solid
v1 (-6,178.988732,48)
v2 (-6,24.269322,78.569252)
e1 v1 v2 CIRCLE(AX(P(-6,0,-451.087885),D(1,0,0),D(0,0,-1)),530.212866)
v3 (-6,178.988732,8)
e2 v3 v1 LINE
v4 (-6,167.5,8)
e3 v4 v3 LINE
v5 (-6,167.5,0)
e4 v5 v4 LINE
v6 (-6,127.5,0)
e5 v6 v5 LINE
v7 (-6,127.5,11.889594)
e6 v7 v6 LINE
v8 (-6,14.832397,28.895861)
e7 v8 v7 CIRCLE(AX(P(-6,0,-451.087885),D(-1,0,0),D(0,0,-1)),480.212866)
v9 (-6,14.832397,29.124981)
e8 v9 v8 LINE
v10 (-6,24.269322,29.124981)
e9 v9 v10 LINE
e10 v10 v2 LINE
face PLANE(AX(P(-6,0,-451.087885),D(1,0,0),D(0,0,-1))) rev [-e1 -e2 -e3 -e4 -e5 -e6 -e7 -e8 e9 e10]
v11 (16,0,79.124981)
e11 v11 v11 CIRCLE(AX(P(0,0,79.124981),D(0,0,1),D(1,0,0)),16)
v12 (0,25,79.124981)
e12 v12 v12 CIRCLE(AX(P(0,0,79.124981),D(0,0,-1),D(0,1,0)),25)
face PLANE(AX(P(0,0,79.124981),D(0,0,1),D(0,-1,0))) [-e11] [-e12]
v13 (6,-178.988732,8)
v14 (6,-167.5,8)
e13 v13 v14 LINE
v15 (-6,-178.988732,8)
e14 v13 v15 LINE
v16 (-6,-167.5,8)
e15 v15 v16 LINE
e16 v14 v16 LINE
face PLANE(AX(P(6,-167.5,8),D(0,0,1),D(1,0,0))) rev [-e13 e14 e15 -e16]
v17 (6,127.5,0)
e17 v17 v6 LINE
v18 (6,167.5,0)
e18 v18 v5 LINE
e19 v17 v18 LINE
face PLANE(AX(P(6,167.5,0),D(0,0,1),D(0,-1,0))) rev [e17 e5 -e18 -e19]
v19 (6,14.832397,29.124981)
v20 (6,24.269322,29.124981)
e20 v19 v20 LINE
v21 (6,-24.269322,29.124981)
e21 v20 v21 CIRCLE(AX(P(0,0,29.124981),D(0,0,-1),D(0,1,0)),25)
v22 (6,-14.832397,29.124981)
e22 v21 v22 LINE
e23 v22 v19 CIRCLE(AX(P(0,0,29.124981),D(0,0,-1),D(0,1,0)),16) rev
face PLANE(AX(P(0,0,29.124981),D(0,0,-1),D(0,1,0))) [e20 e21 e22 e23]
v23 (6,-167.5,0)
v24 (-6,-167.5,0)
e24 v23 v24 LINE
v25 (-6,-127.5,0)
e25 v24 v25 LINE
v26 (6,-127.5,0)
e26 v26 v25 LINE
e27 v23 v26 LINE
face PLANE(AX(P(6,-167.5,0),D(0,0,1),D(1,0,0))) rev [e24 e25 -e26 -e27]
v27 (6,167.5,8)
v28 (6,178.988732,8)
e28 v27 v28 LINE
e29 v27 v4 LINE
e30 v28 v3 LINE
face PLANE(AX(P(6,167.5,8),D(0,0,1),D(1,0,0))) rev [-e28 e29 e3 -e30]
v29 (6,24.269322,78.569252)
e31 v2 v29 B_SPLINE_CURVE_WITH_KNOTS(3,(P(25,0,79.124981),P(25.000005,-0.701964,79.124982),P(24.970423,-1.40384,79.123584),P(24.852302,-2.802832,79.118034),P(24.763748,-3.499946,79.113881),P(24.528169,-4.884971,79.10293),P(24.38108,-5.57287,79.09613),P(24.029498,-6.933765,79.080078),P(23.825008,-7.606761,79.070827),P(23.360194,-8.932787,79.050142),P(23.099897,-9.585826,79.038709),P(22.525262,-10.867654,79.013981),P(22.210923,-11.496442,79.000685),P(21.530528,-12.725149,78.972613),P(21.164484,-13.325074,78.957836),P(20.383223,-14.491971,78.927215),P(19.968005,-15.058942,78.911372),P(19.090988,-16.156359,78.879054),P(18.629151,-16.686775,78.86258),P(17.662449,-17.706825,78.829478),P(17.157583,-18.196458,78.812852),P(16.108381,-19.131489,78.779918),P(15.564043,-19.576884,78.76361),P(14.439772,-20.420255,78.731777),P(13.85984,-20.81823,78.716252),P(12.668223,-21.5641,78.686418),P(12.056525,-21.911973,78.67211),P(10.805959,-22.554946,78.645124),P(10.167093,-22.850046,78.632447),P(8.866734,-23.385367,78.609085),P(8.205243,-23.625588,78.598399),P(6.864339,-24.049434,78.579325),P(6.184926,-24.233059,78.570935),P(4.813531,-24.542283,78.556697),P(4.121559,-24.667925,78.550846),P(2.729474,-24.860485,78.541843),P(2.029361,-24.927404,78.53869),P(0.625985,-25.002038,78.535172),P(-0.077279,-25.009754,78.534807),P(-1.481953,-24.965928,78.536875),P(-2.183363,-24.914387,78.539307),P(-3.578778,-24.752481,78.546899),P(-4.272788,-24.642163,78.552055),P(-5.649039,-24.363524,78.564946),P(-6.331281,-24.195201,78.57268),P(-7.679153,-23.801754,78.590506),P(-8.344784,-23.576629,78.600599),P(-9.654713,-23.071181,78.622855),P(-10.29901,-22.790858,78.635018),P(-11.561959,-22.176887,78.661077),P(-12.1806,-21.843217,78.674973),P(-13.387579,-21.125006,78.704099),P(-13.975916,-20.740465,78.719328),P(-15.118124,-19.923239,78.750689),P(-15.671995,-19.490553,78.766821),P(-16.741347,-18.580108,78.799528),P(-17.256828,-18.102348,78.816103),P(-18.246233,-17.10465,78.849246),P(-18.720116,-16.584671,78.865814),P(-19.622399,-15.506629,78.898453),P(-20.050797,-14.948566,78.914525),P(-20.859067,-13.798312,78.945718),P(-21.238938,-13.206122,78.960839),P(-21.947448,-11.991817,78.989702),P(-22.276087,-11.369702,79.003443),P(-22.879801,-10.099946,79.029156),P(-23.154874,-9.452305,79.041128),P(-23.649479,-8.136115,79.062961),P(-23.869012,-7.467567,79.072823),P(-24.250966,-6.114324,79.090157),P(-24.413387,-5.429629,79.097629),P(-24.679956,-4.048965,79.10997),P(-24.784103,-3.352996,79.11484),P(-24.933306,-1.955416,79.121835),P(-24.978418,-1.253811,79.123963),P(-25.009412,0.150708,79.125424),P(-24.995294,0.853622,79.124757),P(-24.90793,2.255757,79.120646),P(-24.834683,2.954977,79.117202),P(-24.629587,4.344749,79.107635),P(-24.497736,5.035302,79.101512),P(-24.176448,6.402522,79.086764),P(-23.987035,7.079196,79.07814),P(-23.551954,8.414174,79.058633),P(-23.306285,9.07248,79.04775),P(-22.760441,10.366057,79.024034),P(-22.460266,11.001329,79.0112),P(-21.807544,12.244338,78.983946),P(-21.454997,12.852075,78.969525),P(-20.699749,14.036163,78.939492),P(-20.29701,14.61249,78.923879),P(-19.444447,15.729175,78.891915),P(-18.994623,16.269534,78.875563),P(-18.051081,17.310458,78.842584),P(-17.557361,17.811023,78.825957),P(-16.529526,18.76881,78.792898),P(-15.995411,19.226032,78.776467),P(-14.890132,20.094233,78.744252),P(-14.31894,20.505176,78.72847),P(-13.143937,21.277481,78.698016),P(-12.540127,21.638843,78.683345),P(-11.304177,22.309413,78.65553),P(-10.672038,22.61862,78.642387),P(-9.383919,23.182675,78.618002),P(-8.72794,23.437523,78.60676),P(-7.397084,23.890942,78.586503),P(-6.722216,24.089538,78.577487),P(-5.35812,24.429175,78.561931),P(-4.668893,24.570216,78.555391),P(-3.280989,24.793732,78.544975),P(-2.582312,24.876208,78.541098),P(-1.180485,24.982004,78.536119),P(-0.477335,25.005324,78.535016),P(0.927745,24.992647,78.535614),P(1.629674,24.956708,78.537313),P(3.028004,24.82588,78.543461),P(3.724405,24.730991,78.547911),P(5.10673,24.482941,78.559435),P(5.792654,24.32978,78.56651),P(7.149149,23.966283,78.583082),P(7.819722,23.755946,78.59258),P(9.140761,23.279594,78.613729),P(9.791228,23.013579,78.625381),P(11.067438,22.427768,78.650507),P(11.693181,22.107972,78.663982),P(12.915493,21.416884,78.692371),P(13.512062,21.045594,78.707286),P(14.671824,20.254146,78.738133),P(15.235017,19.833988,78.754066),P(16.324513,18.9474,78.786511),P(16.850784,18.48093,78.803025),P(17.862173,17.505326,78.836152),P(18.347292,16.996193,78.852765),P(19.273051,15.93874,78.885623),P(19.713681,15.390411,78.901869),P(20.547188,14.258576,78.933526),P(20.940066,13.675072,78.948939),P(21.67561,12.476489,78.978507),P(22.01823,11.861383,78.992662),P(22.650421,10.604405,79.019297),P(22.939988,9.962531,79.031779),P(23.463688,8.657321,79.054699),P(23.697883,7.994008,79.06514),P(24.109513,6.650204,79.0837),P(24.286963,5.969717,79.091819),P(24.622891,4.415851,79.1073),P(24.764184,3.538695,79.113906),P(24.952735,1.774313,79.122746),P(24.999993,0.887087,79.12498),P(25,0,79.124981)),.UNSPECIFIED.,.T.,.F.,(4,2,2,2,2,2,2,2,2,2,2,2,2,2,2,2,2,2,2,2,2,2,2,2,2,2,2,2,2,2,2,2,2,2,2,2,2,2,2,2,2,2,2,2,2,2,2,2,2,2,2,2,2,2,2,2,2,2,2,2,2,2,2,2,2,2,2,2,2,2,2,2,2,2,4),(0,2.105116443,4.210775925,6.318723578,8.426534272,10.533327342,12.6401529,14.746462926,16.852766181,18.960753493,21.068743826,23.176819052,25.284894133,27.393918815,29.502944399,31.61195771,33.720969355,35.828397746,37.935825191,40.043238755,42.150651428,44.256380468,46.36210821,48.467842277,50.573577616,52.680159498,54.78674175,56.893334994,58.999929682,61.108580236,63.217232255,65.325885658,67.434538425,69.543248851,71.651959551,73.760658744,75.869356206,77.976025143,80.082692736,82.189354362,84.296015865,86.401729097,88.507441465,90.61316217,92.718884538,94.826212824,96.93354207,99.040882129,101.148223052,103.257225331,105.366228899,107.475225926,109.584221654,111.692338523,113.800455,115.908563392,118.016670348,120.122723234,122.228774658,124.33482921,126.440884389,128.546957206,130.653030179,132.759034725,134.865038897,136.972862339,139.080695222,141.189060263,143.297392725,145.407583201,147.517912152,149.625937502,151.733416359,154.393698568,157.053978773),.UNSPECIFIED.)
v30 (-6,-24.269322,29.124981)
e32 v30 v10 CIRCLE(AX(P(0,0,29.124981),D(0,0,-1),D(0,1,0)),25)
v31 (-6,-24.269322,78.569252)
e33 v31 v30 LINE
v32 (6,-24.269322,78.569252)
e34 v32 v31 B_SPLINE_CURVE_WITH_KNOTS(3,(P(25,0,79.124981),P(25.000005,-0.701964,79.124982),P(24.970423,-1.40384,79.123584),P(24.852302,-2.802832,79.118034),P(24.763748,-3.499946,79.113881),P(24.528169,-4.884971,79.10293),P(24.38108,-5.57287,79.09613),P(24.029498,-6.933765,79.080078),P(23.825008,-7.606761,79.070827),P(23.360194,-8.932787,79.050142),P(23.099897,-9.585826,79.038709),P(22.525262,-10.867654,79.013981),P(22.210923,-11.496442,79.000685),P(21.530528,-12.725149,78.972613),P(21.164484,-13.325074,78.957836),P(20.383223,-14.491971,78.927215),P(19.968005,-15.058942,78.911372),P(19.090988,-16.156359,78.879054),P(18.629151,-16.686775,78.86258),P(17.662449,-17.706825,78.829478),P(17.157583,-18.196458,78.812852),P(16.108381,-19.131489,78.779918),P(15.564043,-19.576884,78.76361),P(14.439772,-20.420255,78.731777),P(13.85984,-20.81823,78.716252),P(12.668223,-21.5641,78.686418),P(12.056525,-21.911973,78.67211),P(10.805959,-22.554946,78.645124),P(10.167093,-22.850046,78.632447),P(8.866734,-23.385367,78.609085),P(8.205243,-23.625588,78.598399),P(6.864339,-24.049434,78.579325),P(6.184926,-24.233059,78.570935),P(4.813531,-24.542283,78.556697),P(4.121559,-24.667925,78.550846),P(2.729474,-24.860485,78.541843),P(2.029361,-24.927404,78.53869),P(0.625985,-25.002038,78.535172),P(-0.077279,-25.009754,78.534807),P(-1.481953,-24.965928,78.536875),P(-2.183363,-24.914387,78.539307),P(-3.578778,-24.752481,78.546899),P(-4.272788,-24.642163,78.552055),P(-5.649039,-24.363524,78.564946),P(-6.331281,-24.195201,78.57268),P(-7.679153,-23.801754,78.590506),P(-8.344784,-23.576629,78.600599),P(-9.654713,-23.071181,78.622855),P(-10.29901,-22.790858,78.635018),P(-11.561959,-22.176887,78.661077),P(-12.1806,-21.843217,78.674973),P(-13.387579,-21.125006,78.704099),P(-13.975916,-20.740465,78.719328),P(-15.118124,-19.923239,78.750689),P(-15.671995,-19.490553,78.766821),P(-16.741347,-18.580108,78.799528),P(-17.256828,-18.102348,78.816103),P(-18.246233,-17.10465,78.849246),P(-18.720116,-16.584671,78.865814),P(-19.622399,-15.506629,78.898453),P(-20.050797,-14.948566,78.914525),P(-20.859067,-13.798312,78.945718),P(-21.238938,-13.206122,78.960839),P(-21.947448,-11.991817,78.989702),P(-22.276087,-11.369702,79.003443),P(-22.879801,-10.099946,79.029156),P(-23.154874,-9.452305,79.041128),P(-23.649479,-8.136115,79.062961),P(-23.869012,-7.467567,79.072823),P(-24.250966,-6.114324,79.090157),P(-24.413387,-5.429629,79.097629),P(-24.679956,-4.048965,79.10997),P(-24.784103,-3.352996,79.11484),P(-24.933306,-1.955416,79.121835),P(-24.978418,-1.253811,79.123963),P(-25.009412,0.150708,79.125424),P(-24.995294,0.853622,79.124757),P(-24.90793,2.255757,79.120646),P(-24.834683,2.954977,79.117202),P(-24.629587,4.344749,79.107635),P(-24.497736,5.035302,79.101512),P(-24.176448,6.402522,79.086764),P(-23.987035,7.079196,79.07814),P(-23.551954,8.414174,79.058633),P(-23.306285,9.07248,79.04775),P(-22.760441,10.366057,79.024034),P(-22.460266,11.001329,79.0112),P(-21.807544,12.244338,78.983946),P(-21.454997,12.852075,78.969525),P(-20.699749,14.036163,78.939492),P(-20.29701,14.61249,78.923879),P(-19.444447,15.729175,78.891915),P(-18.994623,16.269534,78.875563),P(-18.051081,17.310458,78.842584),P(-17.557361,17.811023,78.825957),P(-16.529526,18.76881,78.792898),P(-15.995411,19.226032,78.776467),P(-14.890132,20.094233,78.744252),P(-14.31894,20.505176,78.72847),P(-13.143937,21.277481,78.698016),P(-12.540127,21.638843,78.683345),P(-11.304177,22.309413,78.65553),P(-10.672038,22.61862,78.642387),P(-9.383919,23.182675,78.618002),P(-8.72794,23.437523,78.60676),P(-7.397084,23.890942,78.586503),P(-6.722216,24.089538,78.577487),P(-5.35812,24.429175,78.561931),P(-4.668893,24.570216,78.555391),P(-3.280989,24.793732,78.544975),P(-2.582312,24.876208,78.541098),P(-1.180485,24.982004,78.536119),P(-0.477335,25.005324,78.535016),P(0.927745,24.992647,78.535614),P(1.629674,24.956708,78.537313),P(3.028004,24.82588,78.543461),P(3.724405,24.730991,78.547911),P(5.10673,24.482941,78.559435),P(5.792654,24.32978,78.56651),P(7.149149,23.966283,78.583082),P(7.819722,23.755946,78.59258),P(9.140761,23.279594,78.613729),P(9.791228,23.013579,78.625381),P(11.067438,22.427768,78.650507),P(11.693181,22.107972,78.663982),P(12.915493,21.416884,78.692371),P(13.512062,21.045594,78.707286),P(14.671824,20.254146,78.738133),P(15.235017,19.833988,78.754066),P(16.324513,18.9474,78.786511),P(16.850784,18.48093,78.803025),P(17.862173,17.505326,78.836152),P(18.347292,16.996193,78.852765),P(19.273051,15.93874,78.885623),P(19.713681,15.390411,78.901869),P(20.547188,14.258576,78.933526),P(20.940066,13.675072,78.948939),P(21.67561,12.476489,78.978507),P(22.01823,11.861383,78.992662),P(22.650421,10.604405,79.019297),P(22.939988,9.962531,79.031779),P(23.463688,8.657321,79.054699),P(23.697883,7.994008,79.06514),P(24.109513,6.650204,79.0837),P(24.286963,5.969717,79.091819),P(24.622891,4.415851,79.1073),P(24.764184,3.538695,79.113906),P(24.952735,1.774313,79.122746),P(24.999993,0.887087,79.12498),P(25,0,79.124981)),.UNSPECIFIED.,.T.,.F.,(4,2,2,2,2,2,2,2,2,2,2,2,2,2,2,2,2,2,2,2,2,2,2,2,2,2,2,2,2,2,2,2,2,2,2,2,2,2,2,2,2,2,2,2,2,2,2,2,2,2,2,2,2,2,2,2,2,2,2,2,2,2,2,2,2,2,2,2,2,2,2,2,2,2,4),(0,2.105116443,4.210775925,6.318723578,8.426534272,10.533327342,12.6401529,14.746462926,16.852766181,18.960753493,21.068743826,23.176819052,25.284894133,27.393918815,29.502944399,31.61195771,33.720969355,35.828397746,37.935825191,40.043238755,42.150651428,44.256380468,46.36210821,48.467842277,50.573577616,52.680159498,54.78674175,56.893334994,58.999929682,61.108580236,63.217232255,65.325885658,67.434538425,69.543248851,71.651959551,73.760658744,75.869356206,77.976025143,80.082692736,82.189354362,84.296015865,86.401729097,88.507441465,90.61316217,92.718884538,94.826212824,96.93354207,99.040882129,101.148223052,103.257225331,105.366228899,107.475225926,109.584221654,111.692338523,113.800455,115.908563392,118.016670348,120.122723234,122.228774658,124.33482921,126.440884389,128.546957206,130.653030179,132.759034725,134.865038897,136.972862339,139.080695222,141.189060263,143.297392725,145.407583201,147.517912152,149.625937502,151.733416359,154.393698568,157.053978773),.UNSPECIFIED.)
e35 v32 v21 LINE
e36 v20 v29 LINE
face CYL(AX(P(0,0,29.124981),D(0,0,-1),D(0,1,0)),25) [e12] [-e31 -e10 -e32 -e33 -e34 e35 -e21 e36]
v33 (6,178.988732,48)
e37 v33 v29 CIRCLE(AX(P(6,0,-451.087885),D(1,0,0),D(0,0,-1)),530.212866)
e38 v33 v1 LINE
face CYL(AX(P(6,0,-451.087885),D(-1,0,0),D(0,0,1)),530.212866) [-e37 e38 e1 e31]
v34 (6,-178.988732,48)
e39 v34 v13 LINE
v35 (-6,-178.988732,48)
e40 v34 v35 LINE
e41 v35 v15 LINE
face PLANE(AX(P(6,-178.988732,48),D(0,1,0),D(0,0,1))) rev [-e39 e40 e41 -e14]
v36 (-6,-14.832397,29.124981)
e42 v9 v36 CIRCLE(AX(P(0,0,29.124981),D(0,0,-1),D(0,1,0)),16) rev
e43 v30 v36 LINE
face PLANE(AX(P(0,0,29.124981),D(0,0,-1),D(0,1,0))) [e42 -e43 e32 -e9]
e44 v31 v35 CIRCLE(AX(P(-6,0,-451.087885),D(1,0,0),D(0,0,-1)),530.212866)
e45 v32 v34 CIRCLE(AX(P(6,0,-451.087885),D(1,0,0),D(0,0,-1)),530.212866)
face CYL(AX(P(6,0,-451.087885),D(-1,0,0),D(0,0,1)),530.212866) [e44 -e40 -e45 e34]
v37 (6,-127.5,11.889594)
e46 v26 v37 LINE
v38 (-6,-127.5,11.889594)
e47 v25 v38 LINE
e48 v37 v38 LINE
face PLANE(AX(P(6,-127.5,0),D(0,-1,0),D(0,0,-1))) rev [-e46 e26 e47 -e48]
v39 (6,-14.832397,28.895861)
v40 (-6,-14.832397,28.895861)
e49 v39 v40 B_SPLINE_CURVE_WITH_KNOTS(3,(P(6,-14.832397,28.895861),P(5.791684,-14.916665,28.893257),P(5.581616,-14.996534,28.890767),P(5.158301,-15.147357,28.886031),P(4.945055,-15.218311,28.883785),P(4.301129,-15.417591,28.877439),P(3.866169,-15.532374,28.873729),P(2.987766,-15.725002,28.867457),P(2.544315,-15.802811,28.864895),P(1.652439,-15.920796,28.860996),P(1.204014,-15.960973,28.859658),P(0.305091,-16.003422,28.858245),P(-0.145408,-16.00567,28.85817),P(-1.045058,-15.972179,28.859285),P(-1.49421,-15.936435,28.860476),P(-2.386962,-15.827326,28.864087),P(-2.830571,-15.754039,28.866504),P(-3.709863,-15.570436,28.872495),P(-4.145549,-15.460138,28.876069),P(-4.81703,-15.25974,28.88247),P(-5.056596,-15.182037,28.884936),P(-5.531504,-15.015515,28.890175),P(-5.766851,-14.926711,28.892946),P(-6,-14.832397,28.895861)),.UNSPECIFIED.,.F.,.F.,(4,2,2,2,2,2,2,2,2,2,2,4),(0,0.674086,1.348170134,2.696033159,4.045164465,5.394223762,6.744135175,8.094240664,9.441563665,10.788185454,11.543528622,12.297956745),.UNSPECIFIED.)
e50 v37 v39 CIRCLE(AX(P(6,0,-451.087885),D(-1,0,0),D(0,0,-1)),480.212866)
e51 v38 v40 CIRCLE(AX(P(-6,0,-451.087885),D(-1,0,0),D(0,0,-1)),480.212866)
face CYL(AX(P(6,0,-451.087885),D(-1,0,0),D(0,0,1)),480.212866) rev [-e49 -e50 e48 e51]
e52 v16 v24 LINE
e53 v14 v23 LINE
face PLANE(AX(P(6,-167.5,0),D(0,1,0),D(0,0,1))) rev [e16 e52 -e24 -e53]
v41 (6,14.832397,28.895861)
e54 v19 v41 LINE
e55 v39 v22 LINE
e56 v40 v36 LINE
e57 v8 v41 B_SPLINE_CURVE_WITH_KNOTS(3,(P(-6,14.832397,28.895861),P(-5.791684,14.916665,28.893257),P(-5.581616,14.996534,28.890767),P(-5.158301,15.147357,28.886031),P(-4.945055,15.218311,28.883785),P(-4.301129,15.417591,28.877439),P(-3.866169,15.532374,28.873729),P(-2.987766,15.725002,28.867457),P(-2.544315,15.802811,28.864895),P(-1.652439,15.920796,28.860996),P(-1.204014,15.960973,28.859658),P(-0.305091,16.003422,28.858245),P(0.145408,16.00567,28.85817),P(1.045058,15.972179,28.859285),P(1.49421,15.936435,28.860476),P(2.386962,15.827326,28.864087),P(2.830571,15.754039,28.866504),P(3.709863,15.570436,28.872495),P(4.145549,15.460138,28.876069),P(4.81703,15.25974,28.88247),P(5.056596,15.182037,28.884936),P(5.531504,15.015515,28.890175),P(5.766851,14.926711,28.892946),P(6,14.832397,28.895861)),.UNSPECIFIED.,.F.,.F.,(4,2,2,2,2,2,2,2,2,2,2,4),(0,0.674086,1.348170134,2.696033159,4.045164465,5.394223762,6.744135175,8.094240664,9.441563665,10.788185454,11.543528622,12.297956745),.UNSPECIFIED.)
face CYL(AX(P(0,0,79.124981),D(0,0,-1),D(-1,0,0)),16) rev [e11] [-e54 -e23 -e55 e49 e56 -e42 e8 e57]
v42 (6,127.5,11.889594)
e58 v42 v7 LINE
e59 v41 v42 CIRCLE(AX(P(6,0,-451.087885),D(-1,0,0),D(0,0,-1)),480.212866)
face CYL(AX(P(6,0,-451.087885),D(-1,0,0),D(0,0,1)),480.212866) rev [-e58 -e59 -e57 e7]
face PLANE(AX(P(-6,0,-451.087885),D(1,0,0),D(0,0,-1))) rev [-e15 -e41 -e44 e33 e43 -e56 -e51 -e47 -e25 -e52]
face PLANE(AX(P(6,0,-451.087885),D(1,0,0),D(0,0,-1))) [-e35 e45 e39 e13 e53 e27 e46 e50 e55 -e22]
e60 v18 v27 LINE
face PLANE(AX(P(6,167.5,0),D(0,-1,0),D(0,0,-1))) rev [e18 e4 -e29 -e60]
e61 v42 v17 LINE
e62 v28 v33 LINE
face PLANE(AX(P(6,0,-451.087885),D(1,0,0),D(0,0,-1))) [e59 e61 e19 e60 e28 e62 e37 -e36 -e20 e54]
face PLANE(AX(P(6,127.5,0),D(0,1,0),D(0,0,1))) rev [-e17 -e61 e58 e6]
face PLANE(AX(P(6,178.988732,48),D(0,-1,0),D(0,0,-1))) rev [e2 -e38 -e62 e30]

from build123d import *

# Parameters (mm, degrees)
BOSS_EXTRUDE1_DEPTH = 6
SKETCH2_W           = 50
SKETCH2_H           = 25
SKETCH3_R           = 16
CUT_EXTRUDE1_DEPTH  = 198.288440507


with BuildPart() as part:
    # Sketch1 → Boss-Extrude1 (new, symmetric)
    with BuildSketch(Plane(origin=(0, 0, 0), x_dir=(0, 0, -1), z_dir=(1, 0, 0))):
        with BuildLine():
            Line((0, 167.5), (-8, 167.5))
            Line((-8, 167.5), (-8, 178.988731807))
            Line((-8, 178.988731807), (-48, 178.988731807))
            ThreePointArc((-48, 178.988731807), (-79.124980803, 0), (-48, -178.988731807))
            Line((-48, -178.988731807), (-8, -178.988731807))
            Line((-8, -178.988731807), (-8, -167.5))
            Line((-8, -167.5), (0, -167.5))
            Line((0, -167.5), (0, -127.5))
            Line((0, -127.5), (-11.889594458, -127.5))
            ThreePointArc((-11.889594458, -127.5), (-29.124980803, 0), (-11.889594458, 127.5))
            Line((-11.889594458, 127.5), (0, 127.5))
            Line((0, 127.5), (0, 167.5))
        make_face()
    extrude(amount=BOSS_EXTRUDE1_DEPTH, both=True)

    # Sketch2 → Revolve1 (revolve)
    with BuildSketch(Plane(origin=(0, 0, 0), x_dir=(0, 0, -1), z_dir=(1, 0, 0))):
        with Locations((-54.124980803, 12.5)):
            Rectangle(SKETCH2_W, SKETCH2_H)
    revolve(axis=Axis((0, 0, 29.124980803), (0, 0, 1)))

    # Sketch3 → Cut-Extrude1 (cut, through all)
    with BuildSketch(Plane.XY):
        with Locations(Location((0, 0, 0), (0, 0, 247.975687163))):
            Circle(SKETCH3_R)
    extrude(amount=CUT_EXTRUDE1_DEPTH, mode=Mode.SUBTRACT)


solid = part.part
